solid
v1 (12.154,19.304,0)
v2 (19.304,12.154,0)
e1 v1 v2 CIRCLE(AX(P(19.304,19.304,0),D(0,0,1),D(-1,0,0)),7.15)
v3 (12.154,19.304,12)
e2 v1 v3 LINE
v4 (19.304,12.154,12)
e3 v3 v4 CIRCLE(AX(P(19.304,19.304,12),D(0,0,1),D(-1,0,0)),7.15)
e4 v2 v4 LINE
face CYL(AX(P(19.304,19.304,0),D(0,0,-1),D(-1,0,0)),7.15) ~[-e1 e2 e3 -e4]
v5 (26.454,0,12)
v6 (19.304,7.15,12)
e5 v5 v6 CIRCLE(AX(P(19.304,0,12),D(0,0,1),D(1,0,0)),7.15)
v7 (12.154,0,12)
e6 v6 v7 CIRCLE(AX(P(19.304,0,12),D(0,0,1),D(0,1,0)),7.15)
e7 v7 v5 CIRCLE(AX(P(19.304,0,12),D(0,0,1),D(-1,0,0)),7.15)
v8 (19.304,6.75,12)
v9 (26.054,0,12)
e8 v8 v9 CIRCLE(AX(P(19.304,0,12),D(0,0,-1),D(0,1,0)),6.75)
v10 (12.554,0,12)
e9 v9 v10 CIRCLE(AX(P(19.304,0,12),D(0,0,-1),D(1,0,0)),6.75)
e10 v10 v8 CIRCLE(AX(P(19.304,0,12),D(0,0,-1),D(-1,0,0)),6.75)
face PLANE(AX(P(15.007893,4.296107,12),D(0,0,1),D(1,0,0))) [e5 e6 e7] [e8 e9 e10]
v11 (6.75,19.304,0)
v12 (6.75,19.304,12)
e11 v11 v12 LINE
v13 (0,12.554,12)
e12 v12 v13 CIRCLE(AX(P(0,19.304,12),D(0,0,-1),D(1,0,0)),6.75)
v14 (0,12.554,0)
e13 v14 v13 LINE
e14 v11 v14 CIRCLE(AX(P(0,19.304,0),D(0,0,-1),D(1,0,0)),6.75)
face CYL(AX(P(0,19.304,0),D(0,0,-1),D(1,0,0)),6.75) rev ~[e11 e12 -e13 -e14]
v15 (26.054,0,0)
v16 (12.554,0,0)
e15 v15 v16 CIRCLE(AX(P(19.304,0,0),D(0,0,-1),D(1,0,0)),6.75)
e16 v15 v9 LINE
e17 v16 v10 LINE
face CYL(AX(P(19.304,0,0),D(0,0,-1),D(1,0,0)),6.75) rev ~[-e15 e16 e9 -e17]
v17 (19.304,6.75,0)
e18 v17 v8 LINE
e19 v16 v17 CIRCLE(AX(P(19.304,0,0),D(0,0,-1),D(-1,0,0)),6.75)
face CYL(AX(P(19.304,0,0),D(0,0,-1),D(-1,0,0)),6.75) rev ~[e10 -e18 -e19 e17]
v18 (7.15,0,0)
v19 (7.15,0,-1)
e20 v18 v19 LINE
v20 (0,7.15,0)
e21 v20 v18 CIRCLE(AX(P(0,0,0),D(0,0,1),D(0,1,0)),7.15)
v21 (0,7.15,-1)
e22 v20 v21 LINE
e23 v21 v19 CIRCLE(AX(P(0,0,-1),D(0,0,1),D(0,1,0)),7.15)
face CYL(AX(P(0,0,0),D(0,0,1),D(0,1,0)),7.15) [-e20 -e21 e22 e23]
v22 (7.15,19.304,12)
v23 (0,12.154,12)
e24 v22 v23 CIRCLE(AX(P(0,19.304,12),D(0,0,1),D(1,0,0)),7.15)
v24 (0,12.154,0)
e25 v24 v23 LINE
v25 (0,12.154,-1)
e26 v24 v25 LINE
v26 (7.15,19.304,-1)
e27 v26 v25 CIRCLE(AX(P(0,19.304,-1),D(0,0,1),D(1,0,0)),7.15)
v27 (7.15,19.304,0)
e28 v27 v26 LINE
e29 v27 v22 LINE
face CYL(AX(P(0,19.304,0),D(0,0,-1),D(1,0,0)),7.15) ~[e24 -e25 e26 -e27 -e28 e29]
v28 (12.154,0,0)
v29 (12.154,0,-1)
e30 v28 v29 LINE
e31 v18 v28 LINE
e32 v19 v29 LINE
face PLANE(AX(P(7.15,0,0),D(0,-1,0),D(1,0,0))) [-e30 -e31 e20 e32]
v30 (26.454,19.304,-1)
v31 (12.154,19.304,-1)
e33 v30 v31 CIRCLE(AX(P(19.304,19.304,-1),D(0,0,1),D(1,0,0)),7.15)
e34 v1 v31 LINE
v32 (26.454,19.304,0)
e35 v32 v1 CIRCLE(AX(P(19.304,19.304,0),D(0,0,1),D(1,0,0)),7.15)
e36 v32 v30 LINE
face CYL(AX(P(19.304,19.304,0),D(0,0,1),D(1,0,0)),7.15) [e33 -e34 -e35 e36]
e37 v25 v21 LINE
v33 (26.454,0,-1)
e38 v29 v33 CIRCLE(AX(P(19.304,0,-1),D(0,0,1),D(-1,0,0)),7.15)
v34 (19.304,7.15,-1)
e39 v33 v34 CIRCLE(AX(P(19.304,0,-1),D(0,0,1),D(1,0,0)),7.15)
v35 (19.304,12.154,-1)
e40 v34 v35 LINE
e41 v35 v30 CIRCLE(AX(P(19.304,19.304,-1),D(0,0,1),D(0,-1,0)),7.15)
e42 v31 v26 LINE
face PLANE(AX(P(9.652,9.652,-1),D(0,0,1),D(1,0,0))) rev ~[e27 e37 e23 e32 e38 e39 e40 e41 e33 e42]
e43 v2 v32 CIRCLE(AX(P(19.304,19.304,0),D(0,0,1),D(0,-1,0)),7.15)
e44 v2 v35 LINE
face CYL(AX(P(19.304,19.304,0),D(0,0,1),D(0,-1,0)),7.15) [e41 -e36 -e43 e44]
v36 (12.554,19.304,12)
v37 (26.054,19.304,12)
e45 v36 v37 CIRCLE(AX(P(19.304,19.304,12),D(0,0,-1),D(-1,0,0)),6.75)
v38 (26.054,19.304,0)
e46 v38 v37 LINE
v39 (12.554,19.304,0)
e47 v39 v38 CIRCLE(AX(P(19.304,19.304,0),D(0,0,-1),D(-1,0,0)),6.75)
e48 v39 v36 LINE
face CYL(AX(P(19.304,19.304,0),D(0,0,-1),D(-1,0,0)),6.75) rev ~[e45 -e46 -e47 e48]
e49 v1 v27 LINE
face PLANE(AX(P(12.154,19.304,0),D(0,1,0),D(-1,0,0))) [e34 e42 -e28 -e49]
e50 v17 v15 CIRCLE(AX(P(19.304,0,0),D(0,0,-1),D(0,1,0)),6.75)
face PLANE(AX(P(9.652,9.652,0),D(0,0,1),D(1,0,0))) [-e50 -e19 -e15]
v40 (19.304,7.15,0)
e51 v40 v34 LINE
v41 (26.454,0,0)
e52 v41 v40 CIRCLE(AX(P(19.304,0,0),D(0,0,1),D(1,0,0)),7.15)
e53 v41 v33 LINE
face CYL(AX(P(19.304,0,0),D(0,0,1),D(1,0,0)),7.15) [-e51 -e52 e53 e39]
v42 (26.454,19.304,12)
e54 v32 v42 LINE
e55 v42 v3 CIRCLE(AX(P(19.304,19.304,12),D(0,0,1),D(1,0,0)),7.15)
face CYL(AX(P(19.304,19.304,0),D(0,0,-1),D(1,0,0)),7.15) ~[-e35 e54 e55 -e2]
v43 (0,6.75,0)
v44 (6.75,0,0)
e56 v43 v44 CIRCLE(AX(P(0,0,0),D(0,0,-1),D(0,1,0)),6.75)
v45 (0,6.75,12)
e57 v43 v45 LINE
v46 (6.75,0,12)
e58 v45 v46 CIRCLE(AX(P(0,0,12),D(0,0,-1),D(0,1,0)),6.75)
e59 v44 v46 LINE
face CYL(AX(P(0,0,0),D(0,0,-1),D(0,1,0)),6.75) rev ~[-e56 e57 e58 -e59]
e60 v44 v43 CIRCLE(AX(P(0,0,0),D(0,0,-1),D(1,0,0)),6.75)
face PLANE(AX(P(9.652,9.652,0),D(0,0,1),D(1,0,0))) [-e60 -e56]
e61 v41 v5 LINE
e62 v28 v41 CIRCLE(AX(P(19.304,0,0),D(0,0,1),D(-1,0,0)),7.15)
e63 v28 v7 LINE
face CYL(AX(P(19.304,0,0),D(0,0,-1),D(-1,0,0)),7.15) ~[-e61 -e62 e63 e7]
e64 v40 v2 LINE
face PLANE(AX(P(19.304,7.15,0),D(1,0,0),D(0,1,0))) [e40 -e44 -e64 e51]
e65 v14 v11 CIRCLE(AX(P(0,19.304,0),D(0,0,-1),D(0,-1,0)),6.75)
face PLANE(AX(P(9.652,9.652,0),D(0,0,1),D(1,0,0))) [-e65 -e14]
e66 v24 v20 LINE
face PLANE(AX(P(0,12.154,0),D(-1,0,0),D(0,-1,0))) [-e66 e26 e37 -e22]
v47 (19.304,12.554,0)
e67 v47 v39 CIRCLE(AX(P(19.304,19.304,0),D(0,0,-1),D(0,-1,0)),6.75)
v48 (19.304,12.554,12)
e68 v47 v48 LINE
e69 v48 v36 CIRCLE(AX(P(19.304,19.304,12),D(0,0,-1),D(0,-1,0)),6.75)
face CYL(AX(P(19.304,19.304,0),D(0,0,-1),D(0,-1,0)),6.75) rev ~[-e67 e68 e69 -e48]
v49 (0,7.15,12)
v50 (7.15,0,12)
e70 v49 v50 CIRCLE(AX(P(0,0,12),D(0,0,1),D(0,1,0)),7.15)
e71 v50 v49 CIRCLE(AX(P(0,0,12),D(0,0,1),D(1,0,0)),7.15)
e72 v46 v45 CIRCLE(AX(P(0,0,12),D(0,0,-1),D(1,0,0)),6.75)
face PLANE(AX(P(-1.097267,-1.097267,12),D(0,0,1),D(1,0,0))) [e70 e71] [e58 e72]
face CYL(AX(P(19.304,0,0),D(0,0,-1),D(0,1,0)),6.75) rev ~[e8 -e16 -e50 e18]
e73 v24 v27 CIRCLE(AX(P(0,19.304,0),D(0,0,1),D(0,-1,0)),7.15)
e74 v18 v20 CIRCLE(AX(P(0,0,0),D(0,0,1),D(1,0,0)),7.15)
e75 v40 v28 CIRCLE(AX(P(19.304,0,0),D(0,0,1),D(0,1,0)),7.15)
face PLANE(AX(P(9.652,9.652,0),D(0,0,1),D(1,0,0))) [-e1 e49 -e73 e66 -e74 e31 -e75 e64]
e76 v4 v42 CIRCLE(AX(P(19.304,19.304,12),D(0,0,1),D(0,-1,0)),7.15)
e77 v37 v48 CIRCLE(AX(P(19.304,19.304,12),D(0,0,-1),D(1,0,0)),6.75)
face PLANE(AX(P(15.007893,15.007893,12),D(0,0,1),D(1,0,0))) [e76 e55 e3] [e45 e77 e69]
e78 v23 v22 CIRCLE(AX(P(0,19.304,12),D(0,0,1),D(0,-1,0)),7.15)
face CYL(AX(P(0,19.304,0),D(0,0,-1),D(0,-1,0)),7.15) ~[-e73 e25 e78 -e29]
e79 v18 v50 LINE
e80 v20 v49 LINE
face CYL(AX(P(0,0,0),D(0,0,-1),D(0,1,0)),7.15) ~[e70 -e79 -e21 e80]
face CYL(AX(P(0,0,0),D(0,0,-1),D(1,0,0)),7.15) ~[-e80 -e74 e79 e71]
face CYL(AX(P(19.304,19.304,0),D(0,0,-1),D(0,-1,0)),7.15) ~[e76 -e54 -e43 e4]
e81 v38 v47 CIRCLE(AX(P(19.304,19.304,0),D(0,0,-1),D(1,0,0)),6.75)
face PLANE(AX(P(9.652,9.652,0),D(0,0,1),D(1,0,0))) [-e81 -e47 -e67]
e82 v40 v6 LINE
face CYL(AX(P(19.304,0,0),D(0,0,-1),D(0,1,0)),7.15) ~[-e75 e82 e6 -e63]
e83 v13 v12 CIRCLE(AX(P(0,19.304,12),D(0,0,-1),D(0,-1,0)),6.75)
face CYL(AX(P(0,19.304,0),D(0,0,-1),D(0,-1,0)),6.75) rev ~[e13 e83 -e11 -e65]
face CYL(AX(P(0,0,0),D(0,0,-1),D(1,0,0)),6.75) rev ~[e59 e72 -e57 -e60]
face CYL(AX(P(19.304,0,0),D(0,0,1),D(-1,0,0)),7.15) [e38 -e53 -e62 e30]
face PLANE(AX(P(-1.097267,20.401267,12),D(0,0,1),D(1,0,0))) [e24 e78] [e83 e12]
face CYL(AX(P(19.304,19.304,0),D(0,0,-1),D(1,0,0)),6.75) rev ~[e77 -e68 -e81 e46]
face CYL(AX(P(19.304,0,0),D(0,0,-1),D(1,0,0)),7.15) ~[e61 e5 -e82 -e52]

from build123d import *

# Parameters (mm, degrees)
F1_DEPTH = 1
F2_DEPTH = 12


with BuildPart() as f1:
    # F0 (on Top) → F1 (new body)
    with BuildSketch(Plane.XY):
        with BuildLine():
            ThreePointArc((0, 7.15), (5.0558134855, 5.0558134855), (7.15, 0))
            Line((7.15, 0), (12.154, 0))
            ThreePointArc((12.154, 0), (14.2481865145, 5.0558134855), (19.304, 7.15))
            Line((19.304, 7.15), (19.304, 12.154))
            ThreePointArc((19.304, 12.154), (14.2481865145, 14.2481865145), (12.154, 19.304))
            Line((12.154, 19.304), (7.15, 19.304))
            ThreePointArc((7.15, 19.304), (5.0558134855, 14.2481865145), (0, 12.154))
            Line((0, 12.154), (0, 7.15))
        make_face()
        with BuildLine():
            Line((0, 12.554), (0, 12.154))
            ThreePointArc((0, 12.154), (5.0558134855, 14.2481865145), (7.15, 19.304))
            Line((7.15, 19.304), (6.75, 19.304))
            ThreePointArc((6.75, 19.304), (4.772970773, 14.531029227), (0, 12.554))
        make_face()
        with BuildLine():
            ThreePointArc((19.304, 7.15), (14.2481865145, 5.0558134855), (12.154, 0))
            Line((12.154, 0), (12.554, 0))
            ThreePointArc((12.554, 0), (14.531029227, 4.772970773), (19.304, 6.75))
            Line((19.304, 6.75), (19.304, 7.15))
        make_face()
        with BuildLine():
            Line((0, 0), (6.75, 0))
            ThreePointArc((6.75, 0), (4.772970773, 4.772970773), (0, 6.75))
            Line((0, 6.75), (0, 0))
        make_face()
        with BuildLine():
            Line((7.15, 0), (6.75, 0))
            ThreePointArc((6.75, 0), (-4.772970773, -4.772970773), (0, 6.75))
            Line((0, 6.75), (0, 7.15))
            ThreePointArc((0, 7.15), (-5.0558134855, -5.0558134855), (7.15, 0))
        make_face()
        with BuildLine():
            ThreePointArc((0, 6.75), (-4.772970773, -4.772970773), (6.75, 0))
            Line((6.75, 0), (0, 0))
            Line((0, 0), (0, 6.75))
        make_face()
        with BuildLine():
            ThreePointArc((7.15, 19.304), (-5.0558134855, 24.3598134855), (0, 12.154))
            Line((0, 12.154), (0, 12.554))
            ThreePointArc((0, 12.554), (-4.772970773, 24.076970773), (6.75, 19.304))
            Line((6.75, 19.304), (7.15, 19.304))
        make_face()
        with BuildLine():
            ThreePointArc((6.75, 19.304), (-4.772970773, 24.076970773), (0, 12.554))
            Line((0, 12.554), (0, 19.304))
            Line((0, 19.304), (6.75, 19.304))
        make_face()
        with BuildLine():
            Line((0, 19.304), (0, 12.554))
            ThreePointArc((0, 12.554), (4.772970773, 14.531029227), (6.75, 19.304))
            Line((6.75, 19.304), (0, 19.304))
        make_face()
        with BuildLine():
            ThreePointArc((12.154, 19.304), (14.2481865145, 14.2481865145), (19.304, 12.154))
            Line((19.304, 12.154), (19.304, 12.554))
            ThreePointArc((19.304, 12.554), (14.531029227, 14.531029227), (12.554, 19.304))
            Line((12.554, 19.304), (12.154, 19.304))
        make_face()
        with BuildLine():
            Line((12.554, 0), (12.154, 0))
            ThreePointArc((12.154, 0), (19.304, -7.15), (26.454, 0))
            ThreePointArc((26.454, 0), (24.3598134855, 5.0558134855), (19.304, 7.15))
            Line((19.304, 7.15), (19.304, 6.75))
            ThreePointArc((19.304, 6.75), (24.076970773, 4.772970773), (26.054, 0))
            ThreePointArc((26.054, 0), (19.304, -6.75), (12.554, 0))
        make_face()
        with BuildLine():
            ThreePointArc((19.304, 6.75), (14.531029227, 4.772970773), (12.554, 0))
            Line((12.554, 0), (19.304, 0))
            Line((19.304, 0), (19.304, 6.75))
        make_face()
        with BuildLine():
            Line((19.304, 0), (12.554, 0))
            ThreePointArc((12.554, 0), (19.304, -6.75), (26.054, 0))
            ThreePointArc((26.054, 0), (24.076970773, 4.772970773), (19.304, 6.75))
            Line((19.304, 6.75), (19.304, 0))
        make_face()
        with BuildLine():
            Line((19.304, 12.554), (19.304, 12.154))
            ThreePointArc((19.304, 12.154), (24.3598134855, 14.2481865145), (26.454, 19.304))
            ThreePointArc((26.454, 19.304), (19.304, 26.454), (12.154, 19.304))
            Line((12.154, 19.304), (12.554, 19.304))
            ThreePointArc((12.554, 19.304), (19.304, 26.054), (26.054, 19.304))
            ThreePointArc((26.054, 19.304), (24.076970773, 14.531029227), (19.304, 12.554))
        make_face()
        with BuildLine():
            ThreePointArc((12.554, 19.304), (14.531029227, 14.531029227), (19.304, 12.554))
            Line((19.304, 12.554), (19.304, 19.304))
            Line((19.304, 19.304), (12.554, 19.304))
        make_face()
        with BuildLine():
            Line((19.304, 19.304), (19.304, 12.554))
            ThreePointArc((19.304, 12.554), (24.076970773, 14.531029227), (26.054, 19.304))
            ThreePointArc((26.054, 19.304), (19.304, 26.054), (12.554, 19.304))
            Line((12.554, 19.304), (19.304, 19.304))
        make_face()
        with BuildLine():
            ThreePointArc((0, 6.75), (4.772970773, 4.772970773), (6.75, 0))
            Line((6.75, 0), (7.15, 0))
            ThreePointArc((7.15, 0), (5.0558134855, 5.0558134855), (0, 7.15))
            Line((0, 7.15), (0, 6.75))
        make_face()
    extrude(amount=-F1_DEPTH)

    # F0 (on Top) → F2 (join)
    with BuildSketch(Plane.XY):
        with BuildLine():
            ThreePointArc((7.15, 19.304), (-5.0558134855, 24.3598134855), (0, 12.154))
            Line((0, 12.154), (0, 12.554))
            ThreePointArc((0, 12.554), (-4.772970773, 24.076970773), (6.75, 19.304))
            Line((6.75, 19.304), (7.15, 19.304))
        make_face()
        with BuildLine():
            Line((0, 12.554), (0, 12.154))
            ThreePointArc((0, 12.154), (5.0558134855, 14.2481865145), (7.15, 19.304))
            Line((7.15, 19.304), (6.75, 19.304))
            ThreePointArc((6.75, 19.304), (4.772970773, 14.531029227), (0, 12.554))
        make_face()
        with BuildLine():
            Line((7.15, 0), (6.75, 0))
            ThreePointArc((6.75, 0), (-4.772970773, -4.772970773), (0, 6.75))
            Line((0, 6.75), (0, 7.15))
            ThreePointArc((0, 7.15), (-5.0558134855, -5.0558134855), (7.15, 0))
        make_face()
        with BuildLine():
            ThreePointArc((0, 6.75), (4.772970773, 4.772970773), (6.75, 0))
            Line((6.75, 0), (7.15, 0))
            ThreePointArc((7.15, 0), (5.0558134855, 5.0558134855), (0, 7.15))
            Line((0, 7.15), (0, 6.75))
        make_face()
        with BuildLine():
            ThreePointArc((19.304, 7.15), (14.2481865145, 5.0558134855), (12.154, 0))
            Line((12.154, 0), (12.554, 0))
            ThreePointArc((12.554, 0), (14.531029227, 4.772970773), (19.304, 6.75))
            Line((19.304, 6.75), (19.304, 7.15))
        make_face()
        with BuildLine():
            Line((12.554, 0), (12.154, 0))
            ThreePointArc((12.154, 0), (19.304, -7.15), (26.454, 0))
            ThreePointArc((26.454, 0), (24.3598134855, 5.0558134855), (19.304, 7.15))
            Line((19.304, 7.15), (19.304, 6.75))
            ThreePointArc((19.304, 6.75), (24.076970773, 4.772970773), (26.054, 0))
            ThreePointArc((26.054, 0), (19.304, -6.75), (12.554, 0))
        make_face()
        with BuildLine():
            ThreePointArc((12.154, 19.304), (14.2481865145, 14.2481865145), (19.304, 12.154))
            Line((19.304, 12.154), (19.304, 12.554))
            ThreePointArc((19.304, 12.554), (14.531029227, 14.531029227), (12.554, 19.304))
            Line((12.554, 19.304), (12.154, 19.304))
        make_face()
        with BuildLine():
            Line((19.304, 12.554), (19.304, 12.154))
            ThreePointArc((19.304, 12.154), (24.3598134855, 14.2481865145), (26.454, 19.304))
            ThreePointArc((26.454, 19.304), (19.304, 26.454), (12.154, 19.304))
            Line((12.154, 19.304), (12.554, 19.304))
            ThreePointArc((12.554, 19.304), (19.304, 26.054), (26.054, 19.304))
            ThreePointArc((26.054, 19.304), (24.076970773, 14.531029227), (19.304, 12.554))
        make_face()
    extrude(amount=F2_DEPTH)


solid = f1.part
